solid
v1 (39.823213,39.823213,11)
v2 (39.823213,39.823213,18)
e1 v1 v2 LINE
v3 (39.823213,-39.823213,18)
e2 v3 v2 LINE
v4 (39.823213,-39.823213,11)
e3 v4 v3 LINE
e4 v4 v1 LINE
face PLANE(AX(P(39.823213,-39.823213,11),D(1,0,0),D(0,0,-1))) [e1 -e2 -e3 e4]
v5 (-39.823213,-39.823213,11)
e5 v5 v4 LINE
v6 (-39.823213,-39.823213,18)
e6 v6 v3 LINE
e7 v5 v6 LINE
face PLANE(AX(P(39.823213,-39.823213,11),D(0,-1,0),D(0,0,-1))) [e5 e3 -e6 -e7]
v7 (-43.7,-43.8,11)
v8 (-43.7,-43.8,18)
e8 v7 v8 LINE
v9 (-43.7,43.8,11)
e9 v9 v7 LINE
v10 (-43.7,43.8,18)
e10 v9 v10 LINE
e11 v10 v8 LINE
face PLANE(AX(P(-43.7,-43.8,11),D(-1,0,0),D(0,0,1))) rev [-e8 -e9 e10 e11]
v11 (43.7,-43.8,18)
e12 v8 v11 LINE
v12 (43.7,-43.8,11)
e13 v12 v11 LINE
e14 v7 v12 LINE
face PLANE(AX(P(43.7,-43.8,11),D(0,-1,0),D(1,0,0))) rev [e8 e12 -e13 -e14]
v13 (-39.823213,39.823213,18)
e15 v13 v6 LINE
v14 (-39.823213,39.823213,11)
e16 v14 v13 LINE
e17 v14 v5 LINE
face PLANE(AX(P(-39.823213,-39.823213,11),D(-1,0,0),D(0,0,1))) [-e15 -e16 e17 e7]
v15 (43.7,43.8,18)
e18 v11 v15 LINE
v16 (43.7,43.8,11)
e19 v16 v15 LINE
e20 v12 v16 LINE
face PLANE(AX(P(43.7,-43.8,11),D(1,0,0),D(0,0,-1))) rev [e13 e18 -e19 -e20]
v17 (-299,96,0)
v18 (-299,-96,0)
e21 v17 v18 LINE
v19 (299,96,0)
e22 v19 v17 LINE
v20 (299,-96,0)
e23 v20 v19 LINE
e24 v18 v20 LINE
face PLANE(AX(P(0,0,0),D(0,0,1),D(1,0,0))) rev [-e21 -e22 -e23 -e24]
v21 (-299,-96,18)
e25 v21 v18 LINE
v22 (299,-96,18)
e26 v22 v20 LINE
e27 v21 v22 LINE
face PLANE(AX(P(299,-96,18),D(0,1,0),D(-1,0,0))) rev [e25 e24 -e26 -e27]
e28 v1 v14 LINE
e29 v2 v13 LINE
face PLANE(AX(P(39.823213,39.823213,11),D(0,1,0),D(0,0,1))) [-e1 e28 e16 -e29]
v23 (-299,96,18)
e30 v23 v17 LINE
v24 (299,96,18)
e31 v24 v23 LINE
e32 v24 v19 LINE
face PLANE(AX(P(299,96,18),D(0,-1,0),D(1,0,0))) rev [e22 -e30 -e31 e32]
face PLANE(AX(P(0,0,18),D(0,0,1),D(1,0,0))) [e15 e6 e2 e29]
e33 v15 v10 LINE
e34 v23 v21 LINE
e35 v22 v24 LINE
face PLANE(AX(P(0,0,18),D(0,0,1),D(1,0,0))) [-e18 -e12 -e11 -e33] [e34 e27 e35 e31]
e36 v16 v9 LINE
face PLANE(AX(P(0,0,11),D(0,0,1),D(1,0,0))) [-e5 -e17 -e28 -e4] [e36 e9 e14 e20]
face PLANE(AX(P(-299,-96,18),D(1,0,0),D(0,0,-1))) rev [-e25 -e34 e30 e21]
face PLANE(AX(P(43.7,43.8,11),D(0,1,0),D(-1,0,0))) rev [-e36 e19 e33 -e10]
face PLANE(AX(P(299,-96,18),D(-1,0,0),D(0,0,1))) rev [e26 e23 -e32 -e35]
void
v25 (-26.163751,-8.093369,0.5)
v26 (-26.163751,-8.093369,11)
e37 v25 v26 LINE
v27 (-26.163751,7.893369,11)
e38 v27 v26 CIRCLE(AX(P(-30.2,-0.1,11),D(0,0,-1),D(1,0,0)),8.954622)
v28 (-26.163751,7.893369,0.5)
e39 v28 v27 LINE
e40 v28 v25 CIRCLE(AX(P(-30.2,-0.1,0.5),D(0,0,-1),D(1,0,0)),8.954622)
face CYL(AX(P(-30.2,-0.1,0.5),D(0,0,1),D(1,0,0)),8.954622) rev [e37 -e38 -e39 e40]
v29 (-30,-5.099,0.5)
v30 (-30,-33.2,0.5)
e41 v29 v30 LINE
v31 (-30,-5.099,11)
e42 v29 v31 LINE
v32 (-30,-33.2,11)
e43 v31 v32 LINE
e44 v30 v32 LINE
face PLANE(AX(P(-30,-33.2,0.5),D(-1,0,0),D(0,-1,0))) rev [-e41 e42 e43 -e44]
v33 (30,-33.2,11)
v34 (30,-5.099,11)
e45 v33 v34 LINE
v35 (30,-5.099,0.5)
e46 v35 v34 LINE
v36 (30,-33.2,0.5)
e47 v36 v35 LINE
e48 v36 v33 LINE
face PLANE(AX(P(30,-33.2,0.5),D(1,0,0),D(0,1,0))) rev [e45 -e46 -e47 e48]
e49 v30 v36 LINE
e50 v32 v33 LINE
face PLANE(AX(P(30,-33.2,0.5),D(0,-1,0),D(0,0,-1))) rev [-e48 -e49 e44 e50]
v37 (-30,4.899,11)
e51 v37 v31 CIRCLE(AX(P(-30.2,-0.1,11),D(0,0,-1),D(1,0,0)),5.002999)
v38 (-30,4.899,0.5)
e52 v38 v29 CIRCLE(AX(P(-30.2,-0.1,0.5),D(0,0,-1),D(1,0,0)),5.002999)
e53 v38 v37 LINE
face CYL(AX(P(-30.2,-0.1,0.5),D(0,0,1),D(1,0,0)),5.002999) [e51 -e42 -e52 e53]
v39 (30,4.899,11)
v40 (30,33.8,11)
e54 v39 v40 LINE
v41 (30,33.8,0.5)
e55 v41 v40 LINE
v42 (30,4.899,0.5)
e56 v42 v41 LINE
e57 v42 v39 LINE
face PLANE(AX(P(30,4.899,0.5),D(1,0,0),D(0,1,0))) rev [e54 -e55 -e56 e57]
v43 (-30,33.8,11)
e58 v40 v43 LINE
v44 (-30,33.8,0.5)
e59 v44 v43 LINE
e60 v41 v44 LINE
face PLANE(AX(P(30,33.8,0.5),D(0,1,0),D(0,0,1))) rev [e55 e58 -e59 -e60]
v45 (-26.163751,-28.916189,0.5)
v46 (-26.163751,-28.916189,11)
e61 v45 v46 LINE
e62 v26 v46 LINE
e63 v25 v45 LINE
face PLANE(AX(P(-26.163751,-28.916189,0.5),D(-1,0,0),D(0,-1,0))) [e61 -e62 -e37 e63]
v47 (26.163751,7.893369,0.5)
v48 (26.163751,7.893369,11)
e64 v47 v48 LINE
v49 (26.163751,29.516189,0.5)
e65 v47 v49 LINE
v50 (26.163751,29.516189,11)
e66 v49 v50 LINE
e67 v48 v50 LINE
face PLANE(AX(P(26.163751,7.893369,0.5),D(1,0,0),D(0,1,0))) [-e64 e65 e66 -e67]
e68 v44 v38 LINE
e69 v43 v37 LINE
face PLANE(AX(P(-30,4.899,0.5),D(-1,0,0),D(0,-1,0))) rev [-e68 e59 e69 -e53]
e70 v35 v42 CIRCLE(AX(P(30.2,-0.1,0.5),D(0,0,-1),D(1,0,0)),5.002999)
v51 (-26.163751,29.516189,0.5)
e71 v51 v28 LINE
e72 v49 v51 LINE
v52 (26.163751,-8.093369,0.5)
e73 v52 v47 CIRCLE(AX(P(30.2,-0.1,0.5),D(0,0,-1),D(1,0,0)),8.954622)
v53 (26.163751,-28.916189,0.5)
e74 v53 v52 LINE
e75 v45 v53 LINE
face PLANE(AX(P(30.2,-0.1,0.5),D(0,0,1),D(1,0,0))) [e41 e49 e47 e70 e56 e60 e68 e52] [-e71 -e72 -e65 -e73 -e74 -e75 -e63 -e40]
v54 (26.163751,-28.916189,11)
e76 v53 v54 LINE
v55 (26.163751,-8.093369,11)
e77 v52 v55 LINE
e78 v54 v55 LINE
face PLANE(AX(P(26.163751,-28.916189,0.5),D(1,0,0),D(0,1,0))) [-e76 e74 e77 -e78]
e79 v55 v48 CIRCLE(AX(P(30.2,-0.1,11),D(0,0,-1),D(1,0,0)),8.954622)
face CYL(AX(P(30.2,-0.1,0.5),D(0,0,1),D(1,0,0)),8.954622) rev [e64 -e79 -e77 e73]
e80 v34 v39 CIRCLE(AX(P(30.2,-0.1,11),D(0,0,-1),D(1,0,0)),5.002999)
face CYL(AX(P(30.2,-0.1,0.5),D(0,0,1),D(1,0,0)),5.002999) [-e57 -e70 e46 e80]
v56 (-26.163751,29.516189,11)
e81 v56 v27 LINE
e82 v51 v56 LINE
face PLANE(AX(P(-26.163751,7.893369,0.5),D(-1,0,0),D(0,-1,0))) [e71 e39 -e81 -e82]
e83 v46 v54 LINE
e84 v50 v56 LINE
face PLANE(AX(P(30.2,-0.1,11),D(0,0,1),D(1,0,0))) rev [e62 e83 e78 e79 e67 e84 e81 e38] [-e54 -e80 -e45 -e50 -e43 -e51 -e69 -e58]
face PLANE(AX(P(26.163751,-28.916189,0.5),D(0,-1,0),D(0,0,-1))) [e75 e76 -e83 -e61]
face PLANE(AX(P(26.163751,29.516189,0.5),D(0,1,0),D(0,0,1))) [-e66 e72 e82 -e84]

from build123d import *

# Parameters (mm, degrees)
SKETCH1_W           = 598
SKETCH1_H           = 192
BOSS_EXTRUDE1_DEPTH = 18
SKETCH2_W           = 87.4
SKETCH2_H           = 87.6
SKETCH2_W_2         = 79.646425984
SKETCH2_H_2         = 79.646425984
CUT_EXTRUDE1_DEPTH  = 7
CUT_EXTRUDE2_DEPTH  = 10.5


with BuildPart() as part:
    # Sketch1 → Boss-Extrude1 (new body)
    with BuildSketch(Plane.XY):
        Rectangle(SKETCH1_W, SKETCH1_H)
    extrude(amount=BOSS_EXTRUDE1_DEPTH)

    # Sketch2 → Cut-Extrude1 (cut)
    with BuildSketch(Plane.XY.offset(18)):
        Rectangle(SKETCH2_W, SKETCH2_H)
        Rectangle(SKETCH2_W_2, SKETCH2_H_2, mode=Mode.SUBTRACT)
    extrude(amount=-CUT_EXTRUDE1_DEPTH, mode=Mode.SUBTRACT)

    # Sketch3 → Cut-Extrude2 (cut)
    with BuildSketch(Plane.XY.offset(11)):
        with BuildLine():
            Line((30, -33.2), (-30, -33.2))
            Line((-30, -33.2), (-30, -5.0989999))
            ThreePointArc((-30, -5.0989999), (-25.197000899, -0.1), (-30, 4.8989999))
            Line((-30, 4.8989999), (-30, 33.8))
            Line((-30, 33.8), (30, 33.8))
            Line((30, 33.8), (30, 4.8989999))
            ThreePointArc((30, 4.8989999), (25.197000899, -0.1), (30, -5.0989999))
            Line((30, -5.0989999), (30, -33.2))
        make_face()
        with BuildLine():
            Line((26.16375103, -28.91618865), (-26.16375103, -28.91618865))
            Line((-26.16375103, -28.91618865), (-26.16375103, -8.093369002))
            ThreePointArc((-26.16375103, -8.093369002), (-21.245378078, -0.1), (-26.16375103, 7.893369002))
            Line((-26.16375103, 7.893369002), (-26.16375103, 29.51618865))
            Line((-26.16375103, 29.51618865), (26.16375103, 29.51618865))
            Line((26.16375103, 29.51618865), (26.16375103, 7.893369002))
            ThreePointArc((26.16375103, 7.893369002), (21.245378078, -0.1), (26.16375103, -8.093369002))
            Line((26.16375103, -8.093369002), (26.16375103, -28.91618865))
        make_face(mode=Mode.SUBTRACT)
    extrude(amount=-CUT_EXTRUDE2_DEPTH, mode=Mode.SUBTRACT)


solid = part.part
